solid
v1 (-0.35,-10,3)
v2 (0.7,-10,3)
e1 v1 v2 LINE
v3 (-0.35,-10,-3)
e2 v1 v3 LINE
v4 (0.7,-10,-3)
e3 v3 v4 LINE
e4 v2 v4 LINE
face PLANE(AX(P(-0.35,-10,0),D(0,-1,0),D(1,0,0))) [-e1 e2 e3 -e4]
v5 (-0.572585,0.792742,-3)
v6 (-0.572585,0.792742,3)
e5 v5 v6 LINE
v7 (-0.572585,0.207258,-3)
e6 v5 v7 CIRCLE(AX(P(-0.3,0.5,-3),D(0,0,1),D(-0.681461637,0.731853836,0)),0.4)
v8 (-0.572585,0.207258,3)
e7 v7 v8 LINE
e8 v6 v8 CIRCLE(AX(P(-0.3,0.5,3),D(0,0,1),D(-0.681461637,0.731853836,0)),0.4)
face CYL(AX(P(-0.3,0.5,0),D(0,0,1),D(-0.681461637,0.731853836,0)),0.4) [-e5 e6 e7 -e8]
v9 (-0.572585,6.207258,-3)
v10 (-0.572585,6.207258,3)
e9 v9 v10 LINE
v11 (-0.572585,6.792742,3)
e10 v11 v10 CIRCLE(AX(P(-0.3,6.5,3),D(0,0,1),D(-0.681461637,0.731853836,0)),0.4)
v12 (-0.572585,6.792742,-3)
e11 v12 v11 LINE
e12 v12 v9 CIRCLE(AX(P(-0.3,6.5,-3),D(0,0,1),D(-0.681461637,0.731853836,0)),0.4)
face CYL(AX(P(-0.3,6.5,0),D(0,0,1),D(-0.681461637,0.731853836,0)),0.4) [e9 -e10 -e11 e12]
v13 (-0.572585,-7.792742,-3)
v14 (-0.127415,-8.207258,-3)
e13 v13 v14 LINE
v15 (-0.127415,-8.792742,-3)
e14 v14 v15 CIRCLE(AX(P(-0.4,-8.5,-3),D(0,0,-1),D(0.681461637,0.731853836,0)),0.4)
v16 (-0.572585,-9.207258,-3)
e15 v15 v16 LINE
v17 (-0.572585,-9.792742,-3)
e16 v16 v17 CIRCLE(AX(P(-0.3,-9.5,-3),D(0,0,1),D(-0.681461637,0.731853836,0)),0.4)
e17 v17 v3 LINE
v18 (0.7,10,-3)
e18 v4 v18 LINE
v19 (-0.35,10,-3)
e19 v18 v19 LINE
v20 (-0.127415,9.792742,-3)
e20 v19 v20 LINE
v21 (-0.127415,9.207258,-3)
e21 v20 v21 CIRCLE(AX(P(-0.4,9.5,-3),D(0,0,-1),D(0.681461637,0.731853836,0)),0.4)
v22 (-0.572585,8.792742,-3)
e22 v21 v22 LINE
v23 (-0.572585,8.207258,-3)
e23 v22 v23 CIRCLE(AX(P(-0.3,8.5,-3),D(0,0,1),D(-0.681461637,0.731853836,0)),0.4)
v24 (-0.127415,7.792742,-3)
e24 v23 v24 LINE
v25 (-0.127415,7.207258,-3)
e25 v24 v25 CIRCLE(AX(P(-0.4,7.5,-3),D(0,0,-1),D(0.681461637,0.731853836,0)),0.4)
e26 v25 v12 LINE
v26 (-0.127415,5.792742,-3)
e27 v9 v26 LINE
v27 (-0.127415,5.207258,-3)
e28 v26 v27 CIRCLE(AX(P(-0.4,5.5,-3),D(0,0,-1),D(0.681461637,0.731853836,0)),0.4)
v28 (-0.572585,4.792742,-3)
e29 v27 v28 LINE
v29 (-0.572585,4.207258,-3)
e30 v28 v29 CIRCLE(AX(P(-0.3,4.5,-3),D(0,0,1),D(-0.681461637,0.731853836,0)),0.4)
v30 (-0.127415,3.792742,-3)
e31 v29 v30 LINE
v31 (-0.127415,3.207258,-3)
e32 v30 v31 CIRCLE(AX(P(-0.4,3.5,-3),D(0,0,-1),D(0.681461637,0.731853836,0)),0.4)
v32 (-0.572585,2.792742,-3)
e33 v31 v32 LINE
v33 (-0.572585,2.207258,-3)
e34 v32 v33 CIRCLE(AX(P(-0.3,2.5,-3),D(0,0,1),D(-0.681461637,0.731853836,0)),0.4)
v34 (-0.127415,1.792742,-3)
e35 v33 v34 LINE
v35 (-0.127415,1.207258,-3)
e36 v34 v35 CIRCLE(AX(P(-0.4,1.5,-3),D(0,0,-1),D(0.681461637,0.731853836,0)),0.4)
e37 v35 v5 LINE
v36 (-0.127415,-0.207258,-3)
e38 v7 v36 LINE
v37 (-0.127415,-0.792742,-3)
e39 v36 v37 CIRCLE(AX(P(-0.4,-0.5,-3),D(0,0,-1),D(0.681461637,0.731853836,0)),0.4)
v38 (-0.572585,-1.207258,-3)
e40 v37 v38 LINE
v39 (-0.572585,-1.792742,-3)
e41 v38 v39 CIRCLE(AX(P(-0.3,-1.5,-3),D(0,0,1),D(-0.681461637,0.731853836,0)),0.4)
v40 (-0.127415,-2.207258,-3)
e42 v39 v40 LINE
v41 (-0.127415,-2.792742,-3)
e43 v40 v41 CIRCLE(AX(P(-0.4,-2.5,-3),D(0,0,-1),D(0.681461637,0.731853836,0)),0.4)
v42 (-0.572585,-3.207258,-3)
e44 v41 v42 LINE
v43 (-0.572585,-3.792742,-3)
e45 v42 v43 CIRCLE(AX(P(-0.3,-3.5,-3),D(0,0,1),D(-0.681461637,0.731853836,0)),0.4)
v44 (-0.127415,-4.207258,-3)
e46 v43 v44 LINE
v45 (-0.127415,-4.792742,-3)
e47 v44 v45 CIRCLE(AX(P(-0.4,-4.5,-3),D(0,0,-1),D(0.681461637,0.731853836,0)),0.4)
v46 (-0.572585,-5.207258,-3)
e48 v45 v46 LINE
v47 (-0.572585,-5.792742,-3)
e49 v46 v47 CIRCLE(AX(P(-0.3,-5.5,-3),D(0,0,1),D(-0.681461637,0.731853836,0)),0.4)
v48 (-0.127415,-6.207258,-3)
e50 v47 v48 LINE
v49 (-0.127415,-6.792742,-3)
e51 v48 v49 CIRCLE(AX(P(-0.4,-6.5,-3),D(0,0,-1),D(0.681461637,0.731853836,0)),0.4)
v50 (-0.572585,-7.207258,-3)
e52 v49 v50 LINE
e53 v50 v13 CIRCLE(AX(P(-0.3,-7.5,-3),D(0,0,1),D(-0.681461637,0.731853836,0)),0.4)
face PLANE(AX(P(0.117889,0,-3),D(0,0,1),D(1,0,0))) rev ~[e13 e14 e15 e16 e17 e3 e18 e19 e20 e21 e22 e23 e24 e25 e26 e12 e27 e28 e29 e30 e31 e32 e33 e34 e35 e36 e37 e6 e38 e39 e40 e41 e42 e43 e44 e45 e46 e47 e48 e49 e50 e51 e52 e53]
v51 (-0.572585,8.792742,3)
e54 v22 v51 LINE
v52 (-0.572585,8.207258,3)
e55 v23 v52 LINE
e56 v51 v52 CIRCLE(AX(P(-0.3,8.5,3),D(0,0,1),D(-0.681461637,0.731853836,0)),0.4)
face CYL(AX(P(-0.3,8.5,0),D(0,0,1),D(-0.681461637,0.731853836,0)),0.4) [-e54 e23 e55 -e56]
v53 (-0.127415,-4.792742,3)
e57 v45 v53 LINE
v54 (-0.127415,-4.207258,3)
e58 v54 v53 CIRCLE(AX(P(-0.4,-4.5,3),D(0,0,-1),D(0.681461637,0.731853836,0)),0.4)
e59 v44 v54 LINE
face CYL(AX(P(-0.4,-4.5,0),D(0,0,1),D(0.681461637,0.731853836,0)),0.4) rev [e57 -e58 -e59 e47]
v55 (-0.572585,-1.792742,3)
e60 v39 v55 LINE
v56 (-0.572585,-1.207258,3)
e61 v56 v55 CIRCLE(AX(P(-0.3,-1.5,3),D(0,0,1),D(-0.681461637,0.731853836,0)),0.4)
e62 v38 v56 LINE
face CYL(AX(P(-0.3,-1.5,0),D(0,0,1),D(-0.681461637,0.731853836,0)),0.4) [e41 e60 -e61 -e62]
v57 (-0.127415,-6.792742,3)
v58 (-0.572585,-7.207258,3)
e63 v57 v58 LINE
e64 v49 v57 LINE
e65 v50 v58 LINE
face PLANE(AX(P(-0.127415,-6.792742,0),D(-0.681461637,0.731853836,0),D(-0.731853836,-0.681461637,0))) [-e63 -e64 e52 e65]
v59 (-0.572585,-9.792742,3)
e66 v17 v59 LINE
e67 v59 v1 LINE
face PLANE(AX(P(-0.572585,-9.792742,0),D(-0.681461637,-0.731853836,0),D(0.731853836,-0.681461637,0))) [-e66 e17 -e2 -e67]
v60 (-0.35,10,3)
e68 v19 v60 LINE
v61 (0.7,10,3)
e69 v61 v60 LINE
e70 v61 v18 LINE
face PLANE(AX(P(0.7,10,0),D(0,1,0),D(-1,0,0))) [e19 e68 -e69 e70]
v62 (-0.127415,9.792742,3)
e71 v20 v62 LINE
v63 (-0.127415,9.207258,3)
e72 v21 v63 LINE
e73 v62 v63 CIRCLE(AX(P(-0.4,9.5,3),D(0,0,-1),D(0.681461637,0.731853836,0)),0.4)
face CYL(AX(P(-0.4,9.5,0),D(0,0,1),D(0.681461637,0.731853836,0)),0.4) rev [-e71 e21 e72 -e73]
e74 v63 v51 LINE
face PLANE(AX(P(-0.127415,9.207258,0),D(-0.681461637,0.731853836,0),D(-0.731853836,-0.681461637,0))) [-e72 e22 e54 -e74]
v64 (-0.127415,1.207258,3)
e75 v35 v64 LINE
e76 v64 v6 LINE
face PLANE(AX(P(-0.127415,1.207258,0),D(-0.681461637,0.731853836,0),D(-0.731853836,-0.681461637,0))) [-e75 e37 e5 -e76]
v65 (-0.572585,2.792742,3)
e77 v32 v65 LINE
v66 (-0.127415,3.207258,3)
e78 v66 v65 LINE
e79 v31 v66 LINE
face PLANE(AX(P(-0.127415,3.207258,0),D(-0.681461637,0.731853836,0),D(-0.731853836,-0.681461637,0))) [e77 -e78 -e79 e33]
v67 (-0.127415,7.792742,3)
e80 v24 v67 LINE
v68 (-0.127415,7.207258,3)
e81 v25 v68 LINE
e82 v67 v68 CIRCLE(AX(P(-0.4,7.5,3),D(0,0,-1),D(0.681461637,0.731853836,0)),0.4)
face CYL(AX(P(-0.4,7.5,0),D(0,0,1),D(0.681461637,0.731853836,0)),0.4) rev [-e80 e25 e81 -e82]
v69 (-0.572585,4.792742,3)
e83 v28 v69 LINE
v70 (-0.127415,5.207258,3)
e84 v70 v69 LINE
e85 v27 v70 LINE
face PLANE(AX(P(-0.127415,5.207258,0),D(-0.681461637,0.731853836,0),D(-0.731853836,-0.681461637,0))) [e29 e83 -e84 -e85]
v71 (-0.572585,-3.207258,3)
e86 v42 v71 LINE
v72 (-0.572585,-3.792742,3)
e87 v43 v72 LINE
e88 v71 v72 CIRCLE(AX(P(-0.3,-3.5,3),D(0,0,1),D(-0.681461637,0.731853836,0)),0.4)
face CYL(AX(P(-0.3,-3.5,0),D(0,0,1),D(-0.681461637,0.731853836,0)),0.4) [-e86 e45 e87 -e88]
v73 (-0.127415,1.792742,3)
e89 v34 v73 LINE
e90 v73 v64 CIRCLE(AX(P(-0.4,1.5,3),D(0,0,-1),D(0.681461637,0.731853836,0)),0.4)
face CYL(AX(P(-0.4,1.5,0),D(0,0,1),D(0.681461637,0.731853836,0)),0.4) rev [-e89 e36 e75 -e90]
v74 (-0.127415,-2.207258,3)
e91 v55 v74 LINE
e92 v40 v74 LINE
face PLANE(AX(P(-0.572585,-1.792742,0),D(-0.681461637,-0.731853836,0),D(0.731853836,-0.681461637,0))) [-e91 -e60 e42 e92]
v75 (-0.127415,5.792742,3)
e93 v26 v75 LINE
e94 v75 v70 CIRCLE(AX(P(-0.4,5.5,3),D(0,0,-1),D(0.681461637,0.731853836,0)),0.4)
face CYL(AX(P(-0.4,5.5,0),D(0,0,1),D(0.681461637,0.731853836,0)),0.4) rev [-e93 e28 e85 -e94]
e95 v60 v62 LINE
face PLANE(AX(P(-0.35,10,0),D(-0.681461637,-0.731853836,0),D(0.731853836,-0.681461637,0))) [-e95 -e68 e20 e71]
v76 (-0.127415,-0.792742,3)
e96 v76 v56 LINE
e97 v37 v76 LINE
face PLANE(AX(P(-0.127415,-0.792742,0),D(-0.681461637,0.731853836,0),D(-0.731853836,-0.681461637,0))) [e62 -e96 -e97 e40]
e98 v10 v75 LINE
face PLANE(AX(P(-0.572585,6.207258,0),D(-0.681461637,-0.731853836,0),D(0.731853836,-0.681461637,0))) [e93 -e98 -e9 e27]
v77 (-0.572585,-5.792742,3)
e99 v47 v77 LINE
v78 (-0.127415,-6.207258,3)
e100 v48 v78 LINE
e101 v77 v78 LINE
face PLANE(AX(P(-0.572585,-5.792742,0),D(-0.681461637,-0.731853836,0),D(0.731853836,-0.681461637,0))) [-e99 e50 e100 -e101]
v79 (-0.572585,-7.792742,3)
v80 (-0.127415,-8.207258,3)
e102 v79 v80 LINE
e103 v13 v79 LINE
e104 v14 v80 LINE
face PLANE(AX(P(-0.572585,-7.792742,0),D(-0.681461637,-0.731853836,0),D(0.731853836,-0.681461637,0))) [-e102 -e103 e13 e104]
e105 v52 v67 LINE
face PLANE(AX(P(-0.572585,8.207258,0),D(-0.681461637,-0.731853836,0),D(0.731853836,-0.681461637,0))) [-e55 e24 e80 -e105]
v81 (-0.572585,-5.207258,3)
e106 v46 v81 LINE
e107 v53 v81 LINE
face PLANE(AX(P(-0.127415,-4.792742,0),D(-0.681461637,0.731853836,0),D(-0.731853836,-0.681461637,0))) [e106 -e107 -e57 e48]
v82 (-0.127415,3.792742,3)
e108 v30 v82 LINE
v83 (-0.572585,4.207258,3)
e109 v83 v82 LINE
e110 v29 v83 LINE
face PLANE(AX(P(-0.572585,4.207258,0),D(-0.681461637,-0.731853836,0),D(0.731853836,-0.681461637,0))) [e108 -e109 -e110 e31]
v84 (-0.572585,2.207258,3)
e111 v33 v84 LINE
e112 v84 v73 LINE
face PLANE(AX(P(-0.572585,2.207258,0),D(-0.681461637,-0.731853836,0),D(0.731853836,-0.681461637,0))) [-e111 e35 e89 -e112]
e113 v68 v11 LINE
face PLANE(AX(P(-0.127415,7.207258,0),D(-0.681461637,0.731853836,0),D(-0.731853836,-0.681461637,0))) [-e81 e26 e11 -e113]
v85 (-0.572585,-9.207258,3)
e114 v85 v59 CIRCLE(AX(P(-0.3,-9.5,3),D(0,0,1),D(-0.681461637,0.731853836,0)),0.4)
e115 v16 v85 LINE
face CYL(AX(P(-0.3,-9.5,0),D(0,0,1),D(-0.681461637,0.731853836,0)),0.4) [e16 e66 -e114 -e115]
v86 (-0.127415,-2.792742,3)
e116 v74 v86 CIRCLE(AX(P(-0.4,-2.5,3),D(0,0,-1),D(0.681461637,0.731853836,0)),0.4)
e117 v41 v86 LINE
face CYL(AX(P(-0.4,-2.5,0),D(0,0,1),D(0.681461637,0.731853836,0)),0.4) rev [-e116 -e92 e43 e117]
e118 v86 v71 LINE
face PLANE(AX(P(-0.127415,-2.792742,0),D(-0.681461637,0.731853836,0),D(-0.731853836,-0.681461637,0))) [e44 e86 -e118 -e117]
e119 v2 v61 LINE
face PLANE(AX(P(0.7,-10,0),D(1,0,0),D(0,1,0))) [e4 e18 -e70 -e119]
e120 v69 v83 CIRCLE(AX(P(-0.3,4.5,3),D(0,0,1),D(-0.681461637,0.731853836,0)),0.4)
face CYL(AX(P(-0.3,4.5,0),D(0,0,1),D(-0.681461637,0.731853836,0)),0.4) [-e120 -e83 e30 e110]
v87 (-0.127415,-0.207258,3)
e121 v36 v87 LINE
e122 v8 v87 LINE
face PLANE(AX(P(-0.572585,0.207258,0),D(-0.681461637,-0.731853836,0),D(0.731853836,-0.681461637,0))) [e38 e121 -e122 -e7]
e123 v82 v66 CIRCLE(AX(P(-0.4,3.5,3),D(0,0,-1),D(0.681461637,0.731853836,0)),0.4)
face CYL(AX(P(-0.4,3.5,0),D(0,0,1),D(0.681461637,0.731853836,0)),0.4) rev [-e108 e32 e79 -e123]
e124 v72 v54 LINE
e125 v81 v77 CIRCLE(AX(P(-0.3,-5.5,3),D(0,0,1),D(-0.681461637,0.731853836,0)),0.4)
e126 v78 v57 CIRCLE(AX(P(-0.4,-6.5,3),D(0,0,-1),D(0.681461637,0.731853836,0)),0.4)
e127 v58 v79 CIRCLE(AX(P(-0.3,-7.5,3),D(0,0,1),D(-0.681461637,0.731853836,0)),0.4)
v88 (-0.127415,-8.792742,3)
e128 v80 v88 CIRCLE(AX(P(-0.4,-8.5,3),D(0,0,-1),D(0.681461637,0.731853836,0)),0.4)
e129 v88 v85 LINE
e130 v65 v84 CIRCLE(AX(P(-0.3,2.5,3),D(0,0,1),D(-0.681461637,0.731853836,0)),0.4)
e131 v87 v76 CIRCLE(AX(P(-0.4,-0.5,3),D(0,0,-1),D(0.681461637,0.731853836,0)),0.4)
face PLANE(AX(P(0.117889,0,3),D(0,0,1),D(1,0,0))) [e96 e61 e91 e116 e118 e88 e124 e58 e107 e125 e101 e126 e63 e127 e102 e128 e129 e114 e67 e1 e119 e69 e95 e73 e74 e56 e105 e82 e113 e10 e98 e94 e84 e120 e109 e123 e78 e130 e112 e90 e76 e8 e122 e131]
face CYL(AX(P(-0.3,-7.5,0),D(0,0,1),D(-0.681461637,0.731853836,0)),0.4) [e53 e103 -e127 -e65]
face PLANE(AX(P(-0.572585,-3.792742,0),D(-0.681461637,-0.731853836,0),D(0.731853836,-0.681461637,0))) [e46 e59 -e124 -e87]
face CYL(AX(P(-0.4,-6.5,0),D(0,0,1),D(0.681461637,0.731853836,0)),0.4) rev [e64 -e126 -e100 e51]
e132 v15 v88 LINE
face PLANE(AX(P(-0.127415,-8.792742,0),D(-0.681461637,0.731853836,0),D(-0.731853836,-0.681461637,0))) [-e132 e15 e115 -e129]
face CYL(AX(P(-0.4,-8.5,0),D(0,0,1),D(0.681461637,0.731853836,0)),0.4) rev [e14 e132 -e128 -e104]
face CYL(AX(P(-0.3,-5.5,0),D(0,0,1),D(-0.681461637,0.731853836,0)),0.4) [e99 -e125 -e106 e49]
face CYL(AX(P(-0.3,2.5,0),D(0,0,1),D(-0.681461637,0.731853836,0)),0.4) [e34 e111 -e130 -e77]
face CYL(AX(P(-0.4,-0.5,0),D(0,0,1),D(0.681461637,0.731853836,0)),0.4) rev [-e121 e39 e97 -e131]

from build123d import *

# Parameters (mm, degrees)
F1_DEPTH = 3


with BuildPart() as f1:
    # F0 (on Top) → F1 (new body, symmetric)
    with BuildSketch(Plane.XY):
        with BuildLine():
            Line((0.7, 10), (0, 10))
            Line((0, 10), (-0.35, 10))
            Line((-0.35, 10), (-0.1274153453, 9.7927415345))
            ThreePointArc((-0.1274153453, 9.7927415345), (0, 9.5), (-0.1274153453, 9.2072584655))
            Line((-0.1274153453, 9.2072584655), (-0.5725846547, 8.7927415345))
            ThreePointArc((-0.5725846547, 8.7927415345), (-0.7, 8.5), (-0.5725846547, 8.2072584655))
            Line((-0.5725846547, 8.2072584655), (-0.35, 8))
            Line((-0.35, 8), (-0.1274153453, 7.7927415345))
            ThreePointArc((-0.1274153453, 7.7927415345), (0, 7.5), (-0.1274153453, 7.2072584655))
            Line((-0.1274153453, 7.2072584655), (-0.5725846547, 6.7927415345))
            ThreePointArc((-0.5725846547, 6.7927415345), (-0.7, 6.5), (-0.5725846547, 6.2072584655))
            Line((-0.5725846547, 6.2072584655), (-0.35, 6))
            Line((-0.35, 6), (-0.1274153453, 5.7927415345))
            ThreePointArc((-0.1274153453, 5.7927415345), (0, 5.5), (-0.1274153453, 5.2072584655))
            Line((-0.1274153453, 5.2072584655), (-0.5725846547, 4.7927415345))
            ThreePointArc((-0.5725846547, 4.7927415345), (-0.7, 4.5), (-0.5725846547, 4.2072584655))
            Line((-0.5725846547, 4.2072584655), (-0.35, 4))
            Line((-0.35, 4), (-0.1274153453, 3.7927415345))
            ThreePointArc((-0.1274153453, 3.7927415345), (0, 3.5), (-0.1274153453, 3.2072584655))
            Line((-0.1274153453, 3.2072584655), (-0.5725846547, 2.7927415345))
            ThreePointArc((-0.5725846547, 2.7927415345), (-0.7, 2.5), (-0.5725846547, 2.2072584655))
            Line((-0.5725846547, 2.2072584655), (-0.35, 2))
            Line((-0.35, 2), (-0.1274153453, 1.7927415345))
            ThreePointArc((-0.1274153453, 1.7927415345), (0, 1.5), (-0.1274153453, 1.2072584655))
            Line((-0.1274153453, 1.2072584655), (-0.5725846547, 0.7927415345))
            ThreePointArc((-0.5725846547, 0.7927415345), (-0.7, 0.5), (-0.5725846547, 0.2072584655))
            Line((-0.5725846547, 0.2072584655), (-0.35, 0))
            Line((-0.35, 0), (-0.1274153453, -0.2072584655))
            ThreePointArc((-0.1274153453, -0.2072584655), (0, -0.5), (-0.1274153453, -0.7927415345))
            Line((-0.1274153453, -0.7927415345), (-0.5725846547, -1.2072584655))
            ThreePointArc((-0.5725846547, -1.2072584655), (-0.7, -1.5), (-0.5725846547, -1.7927415345))
            Line((-0.5725846547, -1.7927415345), (-0.35, -2))
            Line((-0.35, -2), (-0.1274153453, -2.2072584655))
            ThreePointArc((-0.1274153453, -2.2072584655), (0, -2.5), (-0.1274153453, -2.7927415345))
            Line((-0.1274153453, -2.7927415345), (-0.5725846547, -3.2072584655))
            ThreePointArc((-0.5725846547, -3.2072584655), (-0.7, -3.5), (-0.5725846547, -3.7927415345))
            Line((-0.5725846547, -3.7927415345), (-0.35, -4))
            Line((-0.35, -4), (-0.1274153453, -4.2072584655))
            ThreePointArc((-0.1274153453, -4.2072584655), (0, -4.5), (-0.1274153453, -4.7927415345))
            Line((-0.1274153453, -4.7927415345), (-0.5725846547, -5.2072584655))
            ThreePointArc((-0.5725846547, -5.2072584655), (-0.7, -5.5), (-0.5725846547, -5.7927415345))
            Line((-0.5725846547, -5.7927415345), (-0.35, -6))
            Line((-0.35, -6), (-0.1274153453, -6.2072584655))
            ThreePointArc((-0.1274153453, -6.2072584655), (0, -6.5), (-0.1274153453, -6.7927415345))
            Line((-0.1274153453, -6.7927415345), (-0.5725846547, -7.2072584655))
            ThreePointArc((-0.5725846547, -7.2072584655), (-0.7, -7.5), (-0.5725846547, -7.7927415345))
            Line((-0.5725846547, -7.7927415345), (-0.35, -8))
            Line((-0.35, -8), (-0.1274153453, -8.2072584655))
            ThreePointArc((-0.1274153453, -8.2072584655), (0, -8.5), (-0.1274153453, -8.7927415345))
            Line((-0.1274153453, -8.7927415345), (-0.5725846547, -9.2072584655))
            ThreePointArc((-0.5725846547, -9.2072584655), (-0.7, -9.5), (-0.5725846547, -9.7927415345))
            Line((-0.5725846547, -9.7927415345), (-0.35, -10))
            Line((-0.35, -10), (0, -10))
            Line((0, -10), (0.7, -10))
            Line((0.7, -10), (0.7, 10))
        make_face()
    extrude(amount=F1_DEPTH, both=True)


solid = f1.part
